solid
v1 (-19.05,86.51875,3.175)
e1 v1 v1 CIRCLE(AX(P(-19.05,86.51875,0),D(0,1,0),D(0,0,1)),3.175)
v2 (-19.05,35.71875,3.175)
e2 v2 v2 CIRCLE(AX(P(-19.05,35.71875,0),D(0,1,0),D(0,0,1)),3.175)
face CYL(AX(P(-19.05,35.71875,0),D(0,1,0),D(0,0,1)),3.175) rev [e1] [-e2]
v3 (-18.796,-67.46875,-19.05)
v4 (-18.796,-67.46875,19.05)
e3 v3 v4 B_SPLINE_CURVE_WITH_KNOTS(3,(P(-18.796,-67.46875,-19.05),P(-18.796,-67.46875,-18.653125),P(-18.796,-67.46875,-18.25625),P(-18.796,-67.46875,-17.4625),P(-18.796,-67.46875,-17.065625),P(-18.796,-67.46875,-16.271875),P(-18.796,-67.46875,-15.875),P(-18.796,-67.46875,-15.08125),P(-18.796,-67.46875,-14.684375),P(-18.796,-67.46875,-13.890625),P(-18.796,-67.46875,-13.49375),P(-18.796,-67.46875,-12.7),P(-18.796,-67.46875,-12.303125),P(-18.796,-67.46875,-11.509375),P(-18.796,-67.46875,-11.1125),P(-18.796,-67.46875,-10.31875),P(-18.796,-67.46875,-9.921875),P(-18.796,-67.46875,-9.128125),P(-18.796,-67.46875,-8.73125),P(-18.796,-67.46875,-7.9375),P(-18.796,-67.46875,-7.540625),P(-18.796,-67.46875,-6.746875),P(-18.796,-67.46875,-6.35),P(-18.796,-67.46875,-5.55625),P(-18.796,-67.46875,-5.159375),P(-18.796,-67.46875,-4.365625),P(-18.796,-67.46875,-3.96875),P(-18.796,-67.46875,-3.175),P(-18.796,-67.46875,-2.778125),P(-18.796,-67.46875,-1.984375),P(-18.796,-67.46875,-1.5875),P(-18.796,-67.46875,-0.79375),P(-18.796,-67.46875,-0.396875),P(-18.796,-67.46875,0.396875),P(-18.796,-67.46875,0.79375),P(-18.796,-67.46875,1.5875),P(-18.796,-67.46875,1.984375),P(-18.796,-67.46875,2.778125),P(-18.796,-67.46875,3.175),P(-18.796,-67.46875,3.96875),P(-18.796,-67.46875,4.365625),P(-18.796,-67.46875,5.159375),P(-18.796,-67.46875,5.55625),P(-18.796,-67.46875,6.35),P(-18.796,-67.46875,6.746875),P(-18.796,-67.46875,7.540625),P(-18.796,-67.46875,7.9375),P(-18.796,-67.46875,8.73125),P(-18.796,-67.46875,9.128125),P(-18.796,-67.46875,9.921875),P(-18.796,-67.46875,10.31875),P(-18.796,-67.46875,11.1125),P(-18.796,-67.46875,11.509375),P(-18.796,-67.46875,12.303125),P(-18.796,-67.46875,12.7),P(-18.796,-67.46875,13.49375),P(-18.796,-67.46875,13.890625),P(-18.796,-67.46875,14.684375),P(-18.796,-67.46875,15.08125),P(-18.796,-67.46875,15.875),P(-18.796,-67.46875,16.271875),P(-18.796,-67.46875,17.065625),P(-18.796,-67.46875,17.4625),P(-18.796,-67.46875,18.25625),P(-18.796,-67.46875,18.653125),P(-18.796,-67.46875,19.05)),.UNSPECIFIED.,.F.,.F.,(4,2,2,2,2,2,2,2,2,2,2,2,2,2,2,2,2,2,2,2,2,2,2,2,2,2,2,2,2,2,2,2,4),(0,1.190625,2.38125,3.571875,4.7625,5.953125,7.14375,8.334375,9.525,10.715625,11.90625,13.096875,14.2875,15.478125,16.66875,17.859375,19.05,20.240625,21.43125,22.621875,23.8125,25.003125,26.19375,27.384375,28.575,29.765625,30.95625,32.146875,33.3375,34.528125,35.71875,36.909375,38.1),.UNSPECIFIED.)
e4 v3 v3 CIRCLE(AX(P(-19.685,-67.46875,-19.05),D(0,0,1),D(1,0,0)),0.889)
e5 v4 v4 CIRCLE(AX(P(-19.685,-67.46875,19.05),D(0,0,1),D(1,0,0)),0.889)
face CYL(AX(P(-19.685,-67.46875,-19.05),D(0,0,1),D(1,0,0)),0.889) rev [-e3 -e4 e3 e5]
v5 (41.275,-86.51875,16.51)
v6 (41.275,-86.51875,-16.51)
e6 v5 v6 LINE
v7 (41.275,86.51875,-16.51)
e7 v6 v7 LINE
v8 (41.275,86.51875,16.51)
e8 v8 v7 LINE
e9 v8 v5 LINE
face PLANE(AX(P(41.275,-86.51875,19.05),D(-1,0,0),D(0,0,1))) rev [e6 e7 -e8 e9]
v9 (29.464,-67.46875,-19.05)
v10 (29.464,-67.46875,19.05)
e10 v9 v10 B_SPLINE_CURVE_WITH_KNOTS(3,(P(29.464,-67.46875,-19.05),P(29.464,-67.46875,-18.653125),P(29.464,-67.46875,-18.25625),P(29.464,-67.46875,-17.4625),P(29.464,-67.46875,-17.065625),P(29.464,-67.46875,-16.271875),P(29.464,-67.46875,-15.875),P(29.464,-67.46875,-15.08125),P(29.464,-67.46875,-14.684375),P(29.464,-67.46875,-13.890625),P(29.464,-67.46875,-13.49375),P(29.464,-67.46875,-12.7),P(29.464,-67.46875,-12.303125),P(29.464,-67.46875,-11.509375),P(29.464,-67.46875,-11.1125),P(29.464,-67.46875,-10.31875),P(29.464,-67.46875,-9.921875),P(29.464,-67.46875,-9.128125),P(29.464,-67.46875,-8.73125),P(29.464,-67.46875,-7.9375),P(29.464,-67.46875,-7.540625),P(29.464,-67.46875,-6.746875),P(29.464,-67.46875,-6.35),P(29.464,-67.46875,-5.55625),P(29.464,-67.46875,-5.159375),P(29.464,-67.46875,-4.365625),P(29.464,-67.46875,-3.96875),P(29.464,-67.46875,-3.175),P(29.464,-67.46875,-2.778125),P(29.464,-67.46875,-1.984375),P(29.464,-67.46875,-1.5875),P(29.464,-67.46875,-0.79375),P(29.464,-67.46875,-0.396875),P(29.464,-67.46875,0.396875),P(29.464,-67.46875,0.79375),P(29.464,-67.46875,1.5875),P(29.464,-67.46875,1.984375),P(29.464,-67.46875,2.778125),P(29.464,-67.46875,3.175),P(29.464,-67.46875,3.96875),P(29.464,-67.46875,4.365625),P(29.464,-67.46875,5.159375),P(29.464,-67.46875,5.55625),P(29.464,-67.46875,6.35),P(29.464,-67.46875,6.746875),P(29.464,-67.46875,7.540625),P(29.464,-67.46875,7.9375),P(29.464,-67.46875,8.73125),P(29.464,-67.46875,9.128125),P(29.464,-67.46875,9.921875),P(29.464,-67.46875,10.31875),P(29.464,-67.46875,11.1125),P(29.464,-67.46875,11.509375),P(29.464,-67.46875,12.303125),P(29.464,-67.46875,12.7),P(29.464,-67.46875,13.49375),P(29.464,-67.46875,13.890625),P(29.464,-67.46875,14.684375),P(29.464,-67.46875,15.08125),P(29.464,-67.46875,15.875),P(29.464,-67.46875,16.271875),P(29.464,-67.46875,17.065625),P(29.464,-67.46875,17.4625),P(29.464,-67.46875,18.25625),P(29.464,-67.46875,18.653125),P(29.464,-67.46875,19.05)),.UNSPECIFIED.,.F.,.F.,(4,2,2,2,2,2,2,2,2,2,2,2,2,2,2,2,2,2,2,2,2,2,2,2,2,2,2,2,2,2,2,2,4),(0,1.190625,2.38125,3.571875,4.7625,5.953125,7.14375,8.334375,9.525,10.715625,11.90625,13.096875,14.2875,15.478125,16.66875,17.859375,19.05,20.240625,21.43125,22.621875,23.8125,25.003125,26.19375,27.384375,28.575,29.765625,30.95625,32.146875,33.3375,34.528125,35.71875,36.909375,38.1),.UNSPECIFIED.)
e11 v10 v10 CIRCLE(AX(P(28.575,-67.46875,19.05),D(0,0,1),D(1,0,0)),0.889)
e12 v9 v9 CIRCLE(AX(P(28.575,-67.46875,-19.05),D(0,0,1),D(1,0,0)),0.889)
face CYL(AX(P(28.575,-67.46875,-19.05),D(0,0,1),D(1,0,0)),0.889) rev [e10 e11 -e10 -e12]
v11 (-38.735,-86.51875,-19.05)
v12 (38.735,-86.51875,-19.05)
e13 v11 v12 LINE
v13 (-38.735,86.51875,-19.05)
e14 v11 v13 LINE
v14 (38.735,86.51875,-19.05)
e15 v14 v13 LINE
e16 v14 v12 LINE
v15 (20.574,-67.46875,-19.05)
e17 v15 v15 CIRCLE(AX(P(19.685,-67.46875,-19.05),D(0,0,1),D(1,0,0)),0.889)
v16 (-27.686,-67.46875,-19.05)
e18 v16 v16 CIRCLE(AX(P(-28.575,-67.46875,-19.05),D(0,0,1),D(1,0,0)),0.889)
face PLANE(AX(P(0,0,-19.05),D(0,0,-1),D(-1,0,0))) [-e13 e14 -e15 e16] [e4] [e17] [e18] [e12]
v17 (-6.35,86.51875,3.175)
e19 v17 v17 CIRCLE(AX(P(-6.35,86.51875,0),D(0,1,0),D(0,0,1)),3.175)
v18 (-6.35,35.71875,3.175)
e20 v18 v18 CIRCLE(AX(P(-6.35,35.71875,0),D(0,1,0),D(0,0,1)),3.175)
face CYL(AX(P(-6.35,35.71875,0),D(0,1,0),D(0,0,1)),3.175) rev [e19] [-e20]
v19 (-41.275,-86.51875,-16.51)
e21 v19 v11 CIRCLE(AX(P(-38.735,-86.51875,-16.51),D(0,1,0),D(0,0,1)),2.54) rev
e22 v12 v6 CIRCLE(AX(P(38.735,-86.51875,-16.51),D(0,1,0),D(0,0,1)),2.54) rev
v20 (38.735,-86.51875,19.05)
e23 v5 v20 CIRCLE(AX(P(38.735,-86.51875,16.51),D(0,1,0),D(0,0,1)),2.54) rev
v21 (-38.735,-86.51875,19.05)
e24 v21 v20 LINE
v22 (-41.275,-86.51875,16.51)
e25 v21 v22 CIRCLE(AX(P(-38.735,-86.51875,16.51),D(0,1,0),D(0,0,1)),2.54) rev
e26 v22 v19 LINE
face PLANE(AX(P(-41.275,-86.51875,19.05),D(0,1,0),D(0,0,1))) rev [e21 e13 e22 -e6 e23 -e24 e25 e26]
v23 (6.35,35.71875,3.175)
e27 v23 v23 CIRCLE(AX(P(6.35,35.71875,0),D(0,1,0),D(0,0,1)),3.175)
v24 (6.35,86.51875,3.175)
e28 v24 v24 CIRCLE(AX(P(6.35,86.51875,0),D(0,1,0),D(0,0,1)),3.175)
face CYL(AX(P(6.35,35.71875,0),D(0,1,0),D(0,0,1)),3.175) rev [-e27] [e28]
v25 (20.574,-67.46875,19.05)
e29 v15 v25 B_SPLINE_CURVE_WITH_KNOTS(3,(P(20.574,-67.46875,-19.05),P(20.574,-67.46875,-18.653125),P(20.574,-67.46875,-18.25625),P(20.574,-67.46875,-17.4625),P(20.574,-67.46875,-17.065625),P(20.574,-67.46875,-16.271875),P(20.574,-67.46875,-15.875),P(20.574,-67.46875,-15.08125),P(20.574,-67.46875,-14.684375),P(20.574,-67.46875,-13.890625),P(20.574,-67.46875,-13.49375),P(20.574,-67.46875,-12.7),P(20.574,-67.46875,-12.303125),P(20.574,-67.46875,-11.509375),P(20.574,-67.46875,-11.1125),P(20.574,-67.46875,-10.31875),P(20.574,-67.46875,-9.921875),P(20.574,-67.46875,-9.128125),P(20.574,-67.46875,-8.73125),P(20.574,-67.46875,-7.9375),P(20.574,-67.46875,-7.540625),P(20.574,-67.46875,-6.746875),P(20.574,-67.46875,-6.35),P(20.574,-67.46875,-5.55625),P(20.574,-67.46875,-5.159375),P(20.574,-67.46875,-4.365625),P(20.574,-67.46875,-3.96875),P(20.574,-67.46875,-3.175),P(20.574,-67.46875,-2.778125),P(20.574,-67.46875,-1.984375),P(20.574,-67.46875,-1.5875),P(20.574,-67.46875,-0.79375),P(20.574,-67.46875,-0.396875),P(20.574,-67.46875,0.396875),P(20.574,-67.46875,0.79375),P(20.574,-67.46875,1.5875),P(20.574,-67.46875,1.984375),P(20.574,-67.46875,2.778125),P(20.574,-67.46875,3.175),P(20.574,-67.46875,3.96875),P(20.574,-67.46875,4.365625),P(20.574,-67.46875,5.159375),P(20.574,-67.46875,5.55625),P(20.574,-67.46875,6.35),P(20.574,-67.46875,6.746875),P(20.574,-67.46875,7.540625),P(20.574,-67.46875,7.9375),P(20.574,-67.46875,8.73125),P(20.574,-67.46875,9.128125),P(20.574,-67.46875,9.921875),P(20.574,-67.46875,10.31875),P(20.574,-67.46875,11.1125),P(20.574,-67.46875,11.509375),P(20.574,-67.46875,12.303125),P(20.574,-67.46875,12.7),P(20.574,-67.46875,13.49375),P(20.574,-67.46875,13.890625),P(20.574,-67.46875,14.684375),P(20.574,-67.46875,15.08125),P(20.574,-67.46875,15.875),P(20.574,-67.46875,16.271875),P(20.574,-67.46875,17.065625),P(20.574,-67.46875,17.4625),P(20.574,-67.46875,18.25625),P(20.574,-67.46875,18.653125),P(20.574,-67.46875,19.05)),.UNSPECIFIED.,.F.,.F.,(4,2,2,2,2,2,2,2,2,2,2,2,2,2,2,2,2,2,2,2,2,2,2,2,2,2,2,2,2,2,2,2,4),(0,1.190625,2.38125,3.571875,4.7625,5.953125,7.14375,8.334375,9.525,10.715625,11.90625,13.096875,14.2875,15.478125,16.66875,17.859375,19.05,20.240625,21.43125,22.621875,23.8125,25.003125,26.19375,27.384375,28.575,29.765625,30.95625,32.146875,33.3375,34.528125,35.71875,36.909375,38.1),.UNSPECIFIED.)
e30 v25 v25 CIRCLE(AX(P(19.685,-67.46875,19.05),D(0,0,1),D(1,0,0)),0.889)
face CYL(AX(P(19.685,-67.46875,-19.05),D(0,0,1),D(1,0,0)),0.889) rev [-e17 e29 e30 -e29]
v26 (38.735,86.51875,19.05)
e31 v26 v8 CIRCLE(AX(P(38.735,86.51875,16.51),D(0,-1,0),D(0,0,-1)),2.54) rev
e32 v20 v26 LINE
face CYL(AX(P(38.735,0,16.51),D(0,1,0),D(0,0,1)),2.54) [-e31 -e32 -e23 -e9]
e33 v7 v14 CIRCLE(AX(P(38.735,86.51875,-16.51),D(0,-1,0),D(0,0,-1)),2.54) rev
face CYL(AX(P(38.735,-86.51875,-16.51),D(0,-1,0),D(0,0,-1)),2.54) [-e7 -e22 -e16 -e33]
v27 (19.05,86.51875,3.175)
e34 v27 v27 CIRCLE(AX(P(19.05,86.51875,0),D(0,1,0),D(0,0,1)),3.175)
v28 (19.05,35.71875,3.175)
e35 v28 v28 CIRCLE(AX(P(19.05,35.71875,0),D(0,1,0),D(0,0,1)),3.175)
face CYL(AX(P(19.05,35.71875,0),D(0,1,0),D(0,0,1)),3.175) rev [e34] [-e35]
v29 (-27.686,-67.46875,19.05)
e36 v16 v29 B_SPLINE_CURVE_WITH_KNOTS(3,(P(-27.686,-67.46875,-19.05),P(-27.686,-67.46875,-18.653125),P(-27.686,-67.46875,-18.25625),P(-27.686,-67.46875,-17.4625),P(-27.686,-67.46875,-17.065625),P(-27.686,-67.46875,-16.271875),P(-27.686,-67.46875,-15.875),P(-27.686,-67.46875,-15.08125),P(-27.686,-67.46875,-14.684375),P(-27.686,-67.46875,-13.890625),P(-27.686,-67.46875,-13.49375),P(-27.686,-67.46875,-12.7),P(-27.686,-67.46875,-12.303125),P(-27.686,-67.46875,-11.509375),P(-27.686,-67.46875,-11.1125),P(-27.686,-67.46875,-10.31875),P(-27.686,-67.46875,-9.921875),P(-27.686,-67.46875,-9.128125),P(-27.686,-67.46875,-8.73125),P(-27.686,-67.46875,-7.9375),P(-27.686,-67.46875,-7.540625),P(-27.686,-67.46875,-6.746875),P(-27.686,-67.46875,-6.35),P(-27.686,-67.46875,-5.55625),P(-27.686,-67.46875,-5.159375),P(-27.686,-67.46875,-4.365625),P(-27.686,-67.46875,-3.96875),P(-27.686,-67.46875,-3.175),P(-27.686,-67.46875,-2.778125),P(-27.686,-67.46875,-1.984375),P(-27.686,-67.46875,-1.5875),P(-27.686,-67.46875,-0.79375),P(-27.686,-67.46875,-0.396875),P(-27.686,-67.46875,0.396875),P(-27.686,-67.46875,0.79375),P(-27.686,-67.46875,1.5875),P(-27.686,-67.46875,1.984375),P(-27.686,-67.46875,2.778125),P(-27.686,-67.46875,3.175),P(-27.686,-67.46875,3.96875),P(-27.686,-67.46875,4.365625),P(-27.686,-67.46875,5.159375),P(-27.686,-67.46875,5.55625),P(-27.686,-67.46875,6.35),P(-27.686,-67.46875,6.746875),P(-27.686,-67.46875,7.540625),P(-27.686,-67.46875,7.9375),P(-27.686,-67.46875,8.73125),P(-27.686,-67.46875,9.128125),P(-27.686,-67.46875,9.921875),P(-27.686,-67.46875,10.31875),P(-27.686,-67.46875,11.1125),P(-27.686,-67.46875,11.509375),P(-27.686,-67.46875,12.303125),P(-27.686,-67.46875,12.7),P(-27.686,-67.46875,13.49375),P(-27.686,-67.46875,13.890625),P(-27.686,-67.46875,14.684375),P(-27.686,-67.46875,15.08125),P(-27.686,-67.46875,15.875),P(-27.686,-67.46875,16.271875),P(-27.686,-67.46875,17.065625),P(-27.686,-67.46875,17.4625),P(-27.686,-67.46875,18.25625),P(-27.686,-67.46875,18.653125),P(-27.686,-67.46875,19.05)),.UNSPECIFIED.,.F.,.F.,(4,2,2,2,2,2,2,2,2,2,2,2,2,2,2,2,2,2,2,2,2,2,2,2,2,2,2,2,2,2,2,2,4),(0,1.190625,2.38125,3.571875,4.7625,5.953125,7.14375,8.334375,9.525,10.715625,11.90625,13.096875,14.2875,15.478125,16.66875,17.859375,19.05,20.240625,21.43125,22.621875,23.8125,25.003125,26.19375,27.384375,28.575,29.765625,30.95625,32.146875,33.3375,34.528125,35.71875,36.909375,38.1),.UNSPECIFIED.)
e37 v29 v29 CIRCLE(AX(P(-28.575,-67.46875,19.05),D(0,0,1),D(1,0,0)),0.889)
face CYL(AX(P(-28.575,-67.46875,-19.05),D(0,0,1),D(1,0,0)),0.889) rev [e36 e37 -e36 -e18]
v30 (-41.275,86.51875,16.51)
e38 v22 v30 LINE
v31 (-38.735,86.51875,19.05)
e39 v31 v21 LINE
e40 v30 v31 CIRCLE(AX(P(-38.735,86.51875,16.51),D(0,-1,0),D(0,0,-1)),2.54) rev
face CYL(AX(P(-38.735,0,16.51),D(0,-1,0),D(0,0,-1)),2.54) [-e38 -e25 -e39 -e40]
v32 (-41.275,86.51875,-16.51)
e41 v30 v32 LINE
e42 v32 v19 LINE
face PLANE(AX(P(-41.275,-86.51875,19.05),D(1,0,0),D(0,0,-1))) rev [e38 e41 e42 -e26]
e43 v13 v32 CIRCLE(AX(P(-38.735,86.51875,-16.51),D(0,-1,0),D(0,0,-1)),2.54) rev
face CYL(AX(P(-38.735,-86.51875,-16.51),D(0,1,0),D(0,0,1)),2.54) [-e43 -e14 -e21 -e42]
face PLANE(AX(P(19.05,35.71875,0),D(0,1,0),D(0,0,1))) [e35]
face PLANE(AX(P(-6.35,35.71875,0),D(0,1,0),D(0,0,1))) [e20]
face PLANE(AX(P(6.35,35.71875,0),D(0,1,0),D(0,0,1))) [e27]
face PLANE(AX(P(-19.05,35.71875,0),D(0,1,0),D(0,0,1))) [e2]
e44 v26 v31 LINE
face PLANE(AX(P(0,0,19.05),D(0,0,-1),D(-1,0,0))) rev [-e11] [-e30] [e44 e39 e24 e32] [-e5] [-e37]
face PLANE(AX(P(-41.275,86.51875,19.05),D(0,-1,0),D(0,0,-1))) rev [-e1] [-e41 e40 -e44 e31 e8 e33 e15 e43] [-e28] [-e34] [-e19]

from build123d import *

# Parameters (mm, degrees)
SKETCH1_W           = 82.55
SKETCH1_H           = 173.0375
BOSS_EXTRUDE1_DEPTH = 19.05
SKETCH2_R           = 0.889
CUT_EXTRUDE1_DEPTH  = 104.153912803
FILLET1_R           = 2.54
SKETCH3_R           = 3.175
CUT_EXTRUDE2_DEPTH  = 50.8


with BuildPart() as part:
    # Sketch1 → Boss-Extrude1 (new, symmetric)
    with BuildSketch(Plane.XY):
        Rectangle(SKETCH1_W, SKETCH1_H)
    extrude(amount=BOSS_EXTRUDE1_DEPTH, both=True)

    # Sketch2 → Cut-Extrude1 (cut, through all)
    with BuildSketch(Plane.XY.offset(19.05)):
        with Locations((-28.575, -67.46875)):
            Circle(SKETCH2_R)
        with Locations((-19.685, -67.46875)):
            Circle(SKETCH2_R)
        with Locations((28.575, -67.46875)):
            Circle(SKETCH2_R)
        with Locations((19.685, -67.46875)):
            Circle(SKETCH2_R)
    extrude(amount=-CUT_EXTRUDE1_DEPTH, mode=Mode.SUBTRACT)

    # Fillet1
    fillet1_edges = [part.edges().sort_by_distance(p)[0] for p in [
        (-41.275, 0, 19.05),
        (41.275, 0, 19.05),
        (-41.275, 0, -19.05),
        (41.275, 0, -19.05),
    ]]
    fillet(fillet1_edges, radius=FILLET1_R)

    # Sketch3 → Cut-Extrude2 (cut)
    with BuildSketch(Plane(origin=(0, 86.51875, 0), x_dir=(1, 0, 0), z_dir=(0, 1, 0))):
        with Locations(Location((19.05, 0, 0), (0, 0, 270))):
            Circle(SKETCH3_R)
        with Locations(Location((-19.05, 0, 0), (0, 0, 270))):
            Circle(SKETCH3_R)
        with Locations(Location((-6.35, 0, 0), (0, 0, 270))):
            Circle(SKETCH3_R)
        with Locations(Location((6.35, 0, 0), (0, 0, 270))):
            Circle(SKETCH3_R)
    extrude(amount=-CUT_EXTRUDE2_DEPTH, mode=Mode.SUBTRACT)


solid = part.part
